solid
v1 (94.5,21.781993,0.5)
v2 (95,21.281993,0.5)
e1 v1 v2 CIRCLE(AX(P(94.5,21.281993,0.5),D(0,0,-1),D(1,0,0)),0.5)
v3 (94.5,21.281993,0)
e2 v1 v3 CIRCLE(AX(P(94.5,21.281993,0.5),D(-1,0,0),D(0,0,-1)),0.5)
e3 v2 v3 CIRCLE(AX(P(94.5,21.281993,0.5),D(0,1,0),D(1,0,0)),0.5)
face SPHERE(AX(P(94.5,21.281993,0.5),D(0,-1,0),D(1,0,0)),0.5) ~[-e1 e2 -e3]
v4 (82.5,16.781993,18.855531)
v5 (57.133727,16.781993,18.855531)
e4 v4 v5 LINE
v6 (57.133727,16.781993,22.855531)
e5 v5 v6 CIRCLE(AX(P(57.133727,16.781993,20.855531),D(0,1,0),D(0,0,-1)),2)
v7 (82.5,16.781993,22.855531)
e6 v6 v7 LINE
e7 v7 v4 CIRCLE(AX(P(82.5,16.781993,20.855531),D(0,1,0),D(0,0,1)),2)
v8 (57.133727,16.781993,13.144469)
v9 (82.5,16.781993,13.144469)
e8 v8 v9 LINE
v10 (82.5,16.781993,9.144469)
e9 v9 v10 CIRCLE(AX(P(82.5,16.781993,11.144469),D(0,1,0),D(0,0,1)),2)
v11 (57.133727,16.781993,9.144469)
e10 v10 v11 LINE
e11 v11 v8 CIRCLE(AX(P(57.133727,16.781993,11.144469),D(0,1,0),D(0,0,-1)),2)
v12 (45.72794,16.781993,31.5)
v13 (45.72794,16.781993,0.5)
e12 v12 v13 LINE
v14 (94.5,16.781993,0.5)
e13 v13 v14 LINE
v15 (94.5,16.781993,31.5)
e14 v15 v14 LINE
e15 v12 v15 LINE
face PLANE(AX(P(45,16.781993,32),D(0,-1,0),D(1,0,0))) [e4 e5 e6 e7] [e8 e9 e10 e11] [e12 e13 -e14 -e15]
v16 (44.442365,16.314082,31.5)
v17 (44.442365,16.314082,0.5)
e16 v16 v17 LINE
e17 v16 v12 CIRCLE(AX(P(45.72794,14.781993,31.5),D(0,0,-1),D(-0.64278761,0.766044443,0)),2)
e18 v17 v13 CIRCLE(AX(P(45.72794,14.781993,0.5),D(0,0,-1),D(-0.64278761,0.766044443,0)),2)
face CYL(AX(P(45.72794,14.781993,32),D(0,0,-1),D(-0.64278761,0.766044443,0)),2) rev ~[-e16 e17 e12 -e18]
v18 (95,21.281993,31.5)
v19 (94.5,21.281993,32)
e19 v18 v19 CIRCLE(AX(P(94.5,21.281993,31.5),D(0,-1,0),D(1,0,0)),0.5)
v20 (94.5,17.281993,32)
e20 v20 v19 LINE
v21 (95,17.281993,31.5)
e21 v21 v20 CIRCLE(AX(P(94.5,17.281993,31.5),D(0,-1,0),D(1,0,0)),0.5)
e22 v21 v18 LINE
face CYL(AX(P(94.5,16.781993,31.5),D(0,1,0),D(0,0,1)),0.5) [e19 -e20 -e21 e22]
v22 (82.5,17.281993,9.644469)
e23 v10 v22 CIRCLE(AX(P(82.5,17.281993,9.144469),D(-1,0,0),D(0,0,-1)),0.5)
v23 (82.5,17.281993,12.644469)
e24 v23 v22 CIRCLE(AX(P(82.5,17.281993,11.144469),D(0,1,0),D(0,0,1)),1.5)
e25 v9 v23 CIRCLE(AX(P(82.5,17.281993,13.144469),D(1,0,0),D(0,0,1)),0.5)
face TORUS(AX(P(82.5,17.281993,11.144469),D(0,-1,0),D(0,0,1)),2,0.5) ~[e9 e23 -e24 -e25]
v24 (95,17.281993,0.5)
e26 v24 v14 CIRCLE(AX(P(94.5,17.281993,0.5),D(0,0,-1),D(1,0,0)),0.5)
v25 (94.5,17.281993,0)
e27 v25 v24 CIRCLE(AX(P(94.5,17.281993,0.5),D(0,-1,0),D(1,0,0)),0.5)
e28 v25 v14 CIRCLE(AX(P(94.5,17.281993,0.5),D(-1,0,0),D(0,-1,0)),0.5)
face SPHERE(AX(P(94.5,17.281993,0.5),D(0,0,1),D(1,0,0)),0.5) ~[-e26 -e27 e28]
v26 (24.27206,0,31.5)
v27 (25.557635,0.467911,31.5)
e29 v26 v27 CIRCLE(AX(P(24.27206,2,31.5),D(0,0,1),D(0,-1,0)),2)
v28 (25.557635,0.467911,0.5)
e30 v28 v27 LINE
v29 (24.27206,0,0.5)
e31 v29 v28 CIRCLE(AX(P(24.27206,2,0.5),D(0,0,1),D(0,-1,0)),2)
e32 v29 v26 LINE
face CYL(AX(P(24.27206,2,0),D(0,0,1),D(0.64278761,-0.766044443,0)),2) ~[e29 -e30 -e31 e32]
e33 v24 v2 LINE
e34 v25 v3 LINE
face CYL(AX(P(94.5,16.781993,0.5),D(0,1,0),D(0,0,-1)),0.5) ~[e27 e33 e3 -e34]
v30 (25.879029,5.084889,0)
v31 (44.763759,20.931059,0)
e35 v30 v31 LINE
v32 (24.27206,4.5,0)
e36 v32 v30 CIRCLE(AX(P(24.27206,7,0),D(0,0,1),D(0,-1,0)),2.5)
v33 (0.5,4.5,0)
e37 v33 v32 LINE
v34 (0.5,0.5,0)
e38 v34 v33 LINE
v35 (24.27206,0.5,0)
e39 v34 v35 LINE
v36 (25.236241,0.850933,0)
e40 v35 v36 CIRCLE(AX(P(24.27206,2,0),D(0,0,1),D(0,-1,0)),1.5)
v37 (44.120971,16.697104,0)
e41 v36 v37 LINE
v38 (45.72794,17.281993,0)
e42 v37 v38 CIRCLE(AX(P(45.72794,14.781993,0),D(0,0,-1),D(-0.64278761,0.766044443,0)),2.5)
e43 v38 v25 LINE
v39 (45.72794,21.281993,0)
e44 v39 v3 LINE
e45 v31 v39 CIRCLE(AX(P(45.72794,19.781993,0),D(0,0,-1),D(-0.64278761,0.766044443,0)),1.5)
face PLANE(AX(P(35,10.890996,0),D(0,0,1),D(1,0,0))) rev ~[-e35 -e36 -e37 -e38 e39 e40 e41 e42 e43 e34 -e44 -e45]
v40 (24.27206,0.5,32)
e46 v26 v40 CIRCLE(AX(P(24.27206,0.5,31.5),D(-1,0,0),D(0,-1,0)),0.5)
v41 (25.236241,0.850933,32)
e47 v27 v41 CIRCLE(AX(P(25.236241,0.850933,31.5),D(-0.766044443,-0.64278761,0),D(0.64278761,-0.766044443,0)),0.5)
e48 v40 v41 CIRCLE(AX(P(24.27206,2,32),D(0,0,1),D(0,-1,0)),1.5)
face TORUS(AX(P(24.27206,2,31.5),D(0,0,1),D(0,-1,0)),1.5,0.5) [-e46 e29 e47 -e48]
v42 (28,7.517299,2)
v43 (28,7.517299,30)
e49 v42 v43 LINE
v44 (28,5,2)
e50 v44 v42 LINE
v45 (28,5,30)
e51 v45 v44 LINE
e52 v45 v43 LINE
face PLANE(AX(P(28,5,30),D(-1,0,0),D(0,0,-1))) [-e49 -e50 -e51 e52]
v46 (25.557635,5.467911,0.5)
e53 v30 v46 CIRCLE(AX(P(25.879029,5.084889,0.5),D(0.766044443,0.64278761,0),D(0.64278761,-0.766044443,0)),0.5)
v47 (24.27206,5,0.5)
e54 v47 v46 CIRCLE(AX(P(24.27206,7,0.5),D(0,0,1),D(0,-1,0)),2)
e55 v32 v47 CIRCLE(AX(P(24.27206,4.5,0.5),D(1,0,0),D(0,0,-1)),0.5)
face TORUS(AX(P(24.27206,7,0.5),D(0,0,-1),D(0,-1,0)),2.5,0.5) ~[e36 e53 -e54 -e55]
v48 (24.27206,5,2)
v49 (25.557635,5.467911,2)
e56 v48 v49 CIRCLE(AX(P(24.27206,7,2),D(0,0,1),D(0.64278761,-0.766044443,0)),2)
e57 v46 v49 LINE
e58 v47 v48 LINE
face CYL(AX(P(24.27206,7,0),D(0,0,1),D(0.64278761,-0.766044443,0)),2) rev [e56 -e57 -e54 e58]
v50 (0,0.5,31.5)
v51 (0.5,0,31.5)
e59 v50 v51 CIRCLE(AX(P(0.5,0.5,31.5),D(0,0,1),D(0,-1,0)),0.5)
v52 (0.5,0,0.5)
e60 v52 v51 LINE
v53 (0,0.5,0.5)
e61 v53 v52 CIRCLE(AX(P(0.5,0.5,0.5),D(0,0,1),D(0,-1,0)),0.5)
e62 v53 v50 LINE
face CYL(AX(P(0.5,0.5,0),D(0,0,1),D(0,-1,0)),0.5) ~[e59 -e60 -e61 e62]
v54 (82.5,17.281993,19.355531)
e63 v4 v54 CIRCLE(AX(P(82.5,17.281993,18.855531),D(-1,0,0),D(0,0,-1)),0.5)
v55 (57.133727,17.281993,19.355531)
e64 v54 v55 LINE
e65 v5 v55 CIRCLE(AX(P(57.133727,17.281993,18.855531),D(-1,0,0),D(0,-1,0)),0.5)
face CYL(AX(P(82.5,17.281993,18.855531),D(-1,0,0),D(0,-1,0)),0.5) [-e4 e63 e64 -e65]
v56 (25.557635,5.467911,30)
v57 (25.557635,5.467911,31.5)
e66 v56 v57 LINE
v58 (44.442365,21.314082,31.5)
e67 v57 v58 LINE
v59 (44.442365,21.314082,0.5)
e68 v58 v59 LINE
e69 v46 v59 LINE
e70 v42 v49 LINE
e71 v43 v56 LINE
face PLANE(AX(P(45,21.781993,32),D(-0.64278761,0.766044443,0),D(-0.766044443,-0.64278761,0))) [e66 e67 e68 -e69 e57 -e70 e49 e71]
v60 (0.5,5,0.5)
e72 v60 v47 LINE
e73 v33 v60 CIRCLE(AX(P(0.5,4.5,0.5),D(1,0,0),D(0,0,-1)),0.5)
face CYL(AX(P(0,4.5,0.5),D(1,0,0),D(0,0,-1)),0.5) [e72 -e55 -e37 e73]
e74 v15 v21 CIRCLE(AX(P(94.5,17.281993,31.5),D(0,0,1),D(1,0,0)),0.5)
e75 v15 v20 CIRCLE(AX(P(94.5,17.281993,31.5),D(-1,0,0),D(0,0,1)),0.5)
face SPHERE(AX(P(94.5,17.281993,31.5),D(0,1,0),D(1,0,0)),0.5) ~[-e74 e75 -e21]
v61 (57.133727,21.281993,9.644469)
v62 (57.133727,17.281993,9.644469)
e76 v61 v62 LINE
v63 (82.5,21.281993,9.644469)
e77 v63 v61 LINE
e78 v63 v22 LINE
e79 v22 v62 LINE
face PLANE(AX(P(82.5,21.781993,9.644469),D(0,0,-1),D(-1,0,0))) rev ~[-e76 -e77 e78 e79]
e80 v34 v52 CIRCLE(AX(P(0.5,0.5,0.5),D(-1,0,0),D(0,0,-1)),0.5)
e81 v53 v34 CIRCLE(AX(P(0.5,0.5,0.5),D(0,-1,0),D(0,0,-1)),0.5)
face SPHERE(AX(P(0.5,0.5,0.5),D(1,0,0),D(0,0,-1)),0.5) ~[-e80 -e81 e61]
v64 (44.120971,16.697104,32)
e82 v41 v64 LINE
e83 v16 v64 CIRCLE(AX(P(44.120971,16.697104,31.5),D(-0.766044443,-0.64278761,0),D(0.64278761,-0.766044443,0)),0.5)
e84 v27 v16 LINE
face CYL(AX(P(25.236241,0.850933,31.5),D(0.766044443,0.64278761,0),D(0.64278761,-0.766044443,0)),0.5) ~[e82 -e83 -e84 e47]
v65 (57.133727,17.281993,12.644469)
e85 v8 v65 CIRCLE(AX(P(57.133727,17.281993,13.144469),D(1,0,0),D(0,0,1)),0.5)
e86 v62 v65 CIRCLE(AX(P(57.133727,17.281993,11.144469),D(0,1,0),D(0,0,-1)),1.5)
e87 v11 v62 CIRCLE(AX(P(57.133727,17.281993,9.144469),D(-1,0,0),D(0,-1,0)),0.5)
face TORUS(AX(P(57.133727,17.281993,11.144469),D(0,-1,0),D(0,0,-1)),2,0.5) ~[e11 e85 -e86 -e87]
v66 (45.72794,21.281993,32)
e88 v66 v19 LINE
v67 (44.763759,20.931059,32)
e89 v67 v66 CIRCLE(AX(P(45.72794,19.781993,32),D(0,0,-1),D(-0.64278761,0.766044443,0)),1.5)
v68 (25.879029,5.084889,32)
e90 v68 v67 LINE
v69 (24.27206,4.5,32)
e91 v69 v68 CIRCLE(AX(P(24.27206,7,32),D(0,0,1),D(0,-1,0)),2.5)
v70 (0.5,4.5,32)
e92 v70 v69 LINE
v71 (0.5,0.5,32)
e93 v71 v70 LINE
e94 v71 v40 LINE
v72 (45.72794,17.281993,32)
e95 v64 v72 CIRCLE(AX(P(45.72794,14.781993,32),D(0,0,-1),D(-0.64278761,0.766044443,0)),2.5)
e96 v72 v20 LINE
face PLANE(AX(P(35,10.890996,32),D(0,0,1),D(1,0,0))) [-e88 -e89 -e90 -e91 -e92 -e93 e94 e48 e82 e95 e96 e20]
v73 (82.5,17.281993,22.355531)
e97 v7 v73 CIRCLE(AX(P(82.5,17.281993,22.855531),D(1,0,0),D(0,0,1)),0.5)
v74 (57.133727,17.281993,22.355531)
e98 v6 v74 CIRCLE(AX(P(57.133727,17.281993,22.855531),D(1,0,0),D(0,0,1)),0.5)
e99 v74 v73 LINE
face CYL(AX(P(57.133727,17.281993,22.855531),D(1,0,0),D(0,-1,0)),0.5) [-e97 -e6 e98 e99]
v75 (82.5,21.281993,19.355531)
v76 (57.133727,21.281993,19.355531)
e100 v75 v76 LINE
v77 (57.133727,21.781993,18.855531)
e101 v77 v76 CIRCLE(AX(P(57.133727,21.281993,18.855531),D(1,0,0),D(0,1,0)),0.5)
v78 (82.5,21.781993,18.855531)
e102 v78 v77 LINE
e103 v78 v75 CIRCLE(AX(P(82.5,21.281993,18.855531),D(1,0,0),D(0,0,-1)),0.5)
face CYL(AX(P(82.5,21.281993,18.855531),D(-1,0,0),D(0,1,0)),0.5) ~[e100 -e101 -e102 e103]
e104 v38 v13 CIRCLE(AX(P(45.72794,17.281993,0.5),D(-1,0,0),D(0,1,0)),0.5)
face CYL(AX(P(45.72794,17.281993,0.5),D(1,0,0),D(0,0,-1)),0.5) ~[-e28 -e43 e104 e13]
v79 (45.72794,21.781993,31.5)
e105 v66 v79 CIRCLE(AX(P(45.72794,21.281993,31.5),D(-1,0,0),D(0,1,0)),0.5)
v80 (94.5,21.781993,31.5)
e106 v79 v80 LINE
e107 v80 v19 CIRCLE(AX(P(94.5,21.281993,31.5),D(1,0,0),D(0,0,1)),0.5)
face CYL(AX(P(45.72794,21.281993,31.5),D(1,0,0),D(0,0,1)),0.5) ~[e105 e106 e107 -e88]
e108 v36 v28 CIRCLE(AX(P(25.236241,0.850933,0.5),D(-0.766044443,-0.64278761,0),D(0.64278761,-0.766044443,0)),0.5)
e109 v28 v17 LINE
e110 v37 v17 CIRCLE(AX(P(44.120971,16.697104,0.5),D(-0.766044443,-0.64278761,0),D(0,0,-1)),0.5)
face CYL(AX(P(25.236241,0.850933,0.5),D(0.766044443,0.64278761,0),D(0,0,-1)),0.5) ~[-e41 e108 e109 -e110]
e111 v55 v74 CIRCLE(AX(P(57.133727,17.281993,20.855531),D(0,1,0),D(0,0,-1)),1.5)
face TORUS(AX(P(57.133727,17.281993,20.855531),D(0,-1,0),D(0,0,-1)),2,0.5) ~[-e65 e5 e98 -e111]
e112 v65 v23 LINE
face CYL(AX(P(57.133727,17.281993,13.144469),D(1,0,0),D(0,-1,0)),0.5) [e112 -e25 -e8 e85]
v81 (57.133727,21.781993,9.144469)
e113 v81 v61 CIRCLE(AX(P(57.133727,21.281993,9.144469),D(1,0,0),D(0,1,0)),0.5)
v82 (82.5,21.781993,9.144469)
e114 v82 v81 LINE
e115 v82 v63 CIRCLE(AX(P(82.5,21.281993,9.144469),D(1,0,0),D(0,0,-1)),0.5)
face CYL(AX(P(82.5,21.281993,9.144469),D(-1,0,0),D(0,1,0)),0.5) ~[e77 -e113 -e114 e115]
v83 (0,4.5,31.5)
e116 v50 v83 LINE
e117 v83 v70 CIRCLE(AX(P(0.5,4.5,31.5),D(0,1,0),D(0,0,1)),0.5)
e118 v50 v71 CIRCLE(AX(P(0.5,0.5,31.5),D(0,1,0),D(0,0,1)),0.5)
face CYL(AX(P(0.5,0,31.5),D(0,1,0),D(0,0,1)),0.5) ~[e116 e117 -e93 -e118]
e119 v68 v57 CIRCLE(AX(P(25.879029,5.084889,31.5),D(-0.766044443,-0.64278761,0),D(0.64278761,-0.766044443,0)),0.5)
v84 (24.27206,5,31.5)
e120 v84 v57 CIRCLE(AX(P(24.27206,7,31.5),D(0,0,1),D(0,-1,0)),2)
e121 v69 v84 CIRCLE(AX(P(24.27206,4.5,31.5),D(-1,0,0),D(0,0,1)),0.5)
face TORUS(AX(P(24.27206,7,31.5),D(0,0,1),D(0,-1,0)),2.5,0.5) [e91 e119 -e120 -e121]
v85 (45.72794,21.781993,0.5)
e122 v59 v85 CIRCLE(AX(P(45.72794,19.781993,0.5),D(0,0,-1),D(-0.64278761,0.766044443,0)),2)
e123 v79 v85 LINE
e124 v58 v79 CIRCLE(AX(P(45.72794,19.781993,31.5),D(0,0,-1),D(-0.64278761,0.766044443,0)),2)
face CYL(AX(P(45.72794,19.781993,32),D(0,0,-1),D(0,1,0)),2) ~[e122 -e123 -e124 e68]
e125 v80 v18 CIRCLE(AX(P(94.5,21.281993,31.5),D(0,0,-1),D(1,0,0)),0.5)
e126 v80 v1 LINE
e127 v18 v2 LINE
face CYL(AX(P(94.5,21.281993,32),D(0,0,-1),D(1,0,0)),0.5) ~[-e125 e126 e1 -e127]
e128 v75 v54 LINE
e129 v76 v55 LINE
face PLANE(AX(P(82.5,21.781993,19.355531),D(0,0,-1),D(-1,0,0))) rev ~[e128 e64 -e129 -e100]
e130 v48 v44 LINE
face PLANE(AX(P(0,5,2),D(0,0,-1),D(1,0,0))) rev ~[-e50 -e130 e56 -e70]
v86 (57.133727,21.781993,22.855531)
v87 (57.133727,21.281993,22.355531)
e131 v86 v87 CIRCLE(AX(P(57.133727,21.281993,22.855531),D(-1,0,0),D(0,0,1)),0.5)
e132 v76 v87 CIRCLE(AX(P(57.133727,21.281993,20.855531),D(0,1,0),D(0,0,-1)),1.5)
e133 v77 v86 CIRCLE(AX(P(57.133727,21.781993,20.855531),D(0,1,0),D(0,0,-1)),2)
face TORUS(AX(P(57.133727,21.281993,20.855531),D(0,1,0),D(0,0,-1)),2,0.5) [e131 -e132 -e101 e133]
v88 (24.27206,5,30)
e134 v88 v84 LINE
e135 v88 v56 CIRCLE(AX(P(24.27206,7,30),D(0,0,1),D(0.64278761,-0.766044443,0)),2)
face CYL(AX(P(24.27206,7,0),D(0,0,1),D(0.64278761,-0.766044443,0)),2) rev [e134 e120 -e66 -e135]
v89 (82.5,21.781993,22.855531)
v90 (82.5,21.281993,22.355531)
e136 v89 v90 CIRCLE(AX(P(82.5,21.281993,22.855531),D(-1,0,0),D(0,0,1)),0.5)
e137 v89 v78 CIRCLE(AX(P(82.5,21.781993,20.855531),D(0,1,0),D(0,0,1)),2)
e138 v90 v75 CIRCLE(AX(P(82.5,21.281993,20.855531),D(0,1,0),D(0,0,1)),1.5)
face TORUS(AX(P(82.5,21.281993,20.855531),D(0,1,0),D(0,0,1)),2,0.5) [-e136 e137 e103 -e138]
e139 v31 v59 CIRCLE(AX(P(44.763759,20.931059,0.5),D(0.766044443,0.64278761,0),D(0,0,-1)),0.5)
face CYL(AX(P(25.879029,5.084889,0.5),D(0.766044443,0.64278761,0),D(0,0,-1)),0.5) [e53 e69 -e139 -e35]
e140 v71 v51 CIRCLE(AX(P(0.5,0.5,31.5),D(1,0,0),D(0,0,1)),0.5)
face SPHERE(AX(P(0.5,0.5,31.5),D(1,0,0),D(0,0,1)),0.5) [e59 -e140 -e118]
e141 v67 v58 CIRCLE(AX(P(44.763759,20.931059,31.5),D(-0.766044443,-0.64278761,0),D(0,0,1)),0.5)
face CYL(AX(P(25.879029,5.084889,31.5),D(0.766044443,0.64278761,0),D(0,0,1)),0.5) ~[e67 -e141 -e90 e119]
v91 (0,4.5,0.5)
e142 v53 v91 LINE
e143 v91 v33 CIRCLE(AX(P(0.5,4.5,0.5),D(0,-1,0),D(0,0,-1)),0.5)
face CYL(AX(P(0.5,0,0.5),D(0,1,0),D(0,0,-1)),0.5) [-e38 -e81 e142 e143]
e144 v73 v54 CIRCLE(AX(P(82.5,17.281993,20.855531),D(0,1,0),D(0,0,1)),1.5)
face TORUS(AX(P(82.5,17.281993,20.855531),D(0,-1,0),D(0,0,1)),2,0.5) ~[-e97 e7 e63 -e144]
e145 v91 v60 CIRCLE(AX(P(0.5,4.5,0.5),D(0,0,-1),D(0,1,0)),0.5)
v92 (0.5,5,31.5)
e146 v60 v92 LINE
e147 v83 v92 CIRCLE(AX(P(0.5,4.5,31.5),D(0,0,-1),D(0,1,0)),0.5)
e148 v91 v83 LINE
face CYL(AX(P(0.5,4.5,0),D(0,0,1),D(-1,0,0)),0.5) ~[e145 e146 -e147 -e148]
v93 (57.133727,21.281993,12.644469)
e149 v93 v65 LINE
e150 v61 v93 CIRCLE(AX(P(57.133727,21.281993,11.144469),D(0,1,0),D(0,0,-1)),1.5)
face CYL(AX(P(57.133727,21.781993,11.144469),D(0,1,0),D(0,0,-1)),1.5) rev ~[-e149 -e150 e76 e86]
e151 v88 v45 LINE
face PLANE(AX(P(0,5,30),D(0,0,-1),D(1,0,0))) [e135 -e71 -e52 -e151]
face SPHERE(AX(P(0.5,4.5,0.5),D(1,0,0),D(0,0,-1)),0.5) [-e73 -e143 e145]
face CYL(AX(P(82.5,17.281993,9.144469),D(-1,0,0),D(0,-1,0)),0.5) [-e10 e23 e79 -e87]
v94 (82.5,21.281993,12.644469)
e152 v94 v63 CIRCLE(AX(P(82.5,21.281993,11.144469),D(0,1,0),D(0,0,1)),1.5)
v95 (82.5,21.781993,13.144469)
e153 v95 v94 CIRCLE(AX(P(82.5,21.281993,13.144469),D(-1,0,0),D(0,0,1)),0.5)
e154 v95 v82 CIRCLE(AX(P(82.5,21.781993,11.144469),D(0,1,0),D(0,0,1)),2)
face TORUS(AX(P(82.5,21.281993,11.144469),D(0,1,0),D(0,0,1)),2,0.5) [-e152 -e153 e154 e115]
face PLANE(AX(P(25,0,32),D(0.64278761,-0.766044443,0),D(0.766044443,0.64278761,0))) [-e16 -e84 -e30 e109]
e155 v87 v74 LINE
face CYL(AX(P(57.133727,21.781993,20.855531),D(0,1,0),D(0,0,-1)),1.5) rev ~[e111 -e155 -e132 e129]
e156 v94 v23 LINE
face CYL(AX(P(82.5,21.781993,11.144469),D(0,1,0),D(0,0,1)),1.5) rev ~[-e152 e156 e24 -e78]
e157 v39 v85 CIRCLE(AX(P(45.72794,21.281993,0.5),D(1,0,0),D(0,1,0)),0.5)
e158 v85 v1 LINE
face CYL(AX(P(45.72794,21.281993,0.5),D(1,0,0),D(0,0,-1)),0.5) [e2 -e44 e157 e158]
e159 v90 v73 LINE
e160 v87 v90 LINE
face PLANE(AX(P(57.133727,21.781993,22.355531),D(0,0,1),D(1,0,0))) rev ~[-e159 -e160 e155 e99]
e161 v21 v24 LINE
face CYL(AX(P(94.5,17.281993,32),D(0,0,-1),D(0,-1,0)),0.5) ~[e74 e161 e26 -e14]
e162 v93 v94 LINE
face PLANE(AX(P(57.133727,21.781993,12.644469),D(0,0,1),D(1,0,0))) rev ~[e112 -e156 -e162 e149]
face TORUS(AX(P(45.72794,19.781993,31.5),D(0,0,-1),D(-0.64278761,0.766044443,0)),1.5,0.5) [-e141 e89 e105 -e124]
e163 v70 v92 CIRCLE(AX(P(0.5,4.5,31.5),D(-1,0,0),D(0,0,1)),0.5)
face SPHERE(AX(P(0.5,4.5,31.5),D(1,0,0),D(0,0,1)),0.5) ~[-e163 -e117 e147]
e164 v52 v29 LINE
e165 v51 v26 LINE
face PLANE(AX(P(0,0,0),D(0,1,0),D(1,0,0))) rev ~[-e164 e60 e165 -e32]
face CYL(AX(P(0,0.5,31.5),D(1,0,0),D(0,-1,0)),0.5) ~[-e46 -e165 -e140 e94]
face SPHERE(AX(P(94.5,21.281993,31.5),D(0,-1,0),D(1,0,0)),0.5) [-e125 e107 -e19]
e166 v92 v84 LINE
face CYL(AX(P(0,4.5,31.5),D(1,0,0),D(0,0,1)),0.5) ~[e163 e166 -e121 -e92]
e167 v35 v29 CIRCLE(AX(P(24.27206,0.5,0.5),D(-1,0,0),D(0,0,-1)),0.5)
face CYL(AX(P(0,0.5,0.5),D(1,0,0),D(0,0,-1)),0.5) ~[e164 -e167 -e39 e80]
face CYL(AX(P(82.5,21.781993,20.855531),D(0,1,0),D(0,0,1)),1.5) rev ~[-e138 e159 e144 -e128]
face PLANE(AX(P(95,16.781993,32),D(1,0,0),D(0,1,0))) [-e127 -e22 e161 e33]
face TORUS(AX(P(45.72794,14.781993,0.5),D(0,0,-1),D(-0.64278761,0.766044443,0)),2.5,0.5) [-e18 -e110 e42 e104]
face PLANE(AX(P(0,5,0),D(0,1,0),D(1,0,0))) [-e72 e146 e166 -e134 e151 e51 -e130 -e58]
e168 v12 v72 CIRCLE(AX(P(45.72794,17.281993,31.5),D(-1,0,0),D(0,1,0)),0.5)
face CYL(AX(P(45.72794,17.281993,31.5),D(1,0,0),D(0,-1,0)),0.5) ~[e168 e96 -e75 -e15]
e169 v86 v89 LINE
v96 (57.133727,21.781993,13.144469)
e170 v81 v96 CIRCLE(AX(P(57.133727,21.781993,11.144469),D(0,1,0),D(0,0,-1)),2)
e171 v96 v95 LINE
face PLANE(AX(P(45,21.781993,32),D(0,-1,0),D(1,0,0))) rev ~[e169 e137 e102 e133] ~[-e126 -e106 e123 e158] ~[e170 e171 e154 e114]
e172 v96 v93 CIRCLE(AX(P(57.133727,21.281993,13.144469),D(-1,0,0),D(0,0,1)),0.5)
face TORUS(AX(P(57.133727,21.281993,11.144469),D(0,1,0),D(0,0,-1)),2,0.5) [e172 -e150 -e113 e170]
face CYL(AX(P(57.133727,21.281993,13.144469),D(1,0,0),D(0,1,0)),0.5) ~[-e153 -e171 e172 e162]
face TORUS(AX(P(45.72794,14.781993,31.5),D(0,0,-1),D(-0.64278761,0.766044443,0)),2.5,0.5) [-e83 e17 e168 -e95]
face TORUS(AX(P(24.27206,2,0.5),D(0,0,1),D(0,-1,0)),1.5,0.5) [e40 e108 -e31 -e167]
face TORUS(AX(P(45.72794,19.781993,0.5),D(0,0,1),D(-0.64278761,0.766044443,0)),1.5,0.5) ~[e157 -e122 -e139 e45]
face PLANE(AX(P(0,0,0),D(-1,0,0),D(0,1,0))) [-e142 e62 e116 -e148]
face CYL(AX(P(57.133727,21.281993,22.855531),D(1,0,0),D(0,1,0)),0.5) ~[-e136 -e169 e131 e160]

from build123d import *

# Parameters (mm, degrees)
SKETCH_1_W          = 25
SKETCH_1_H          = 5
EXTRUDE_1_DEPTH     = 32
SKETCH_2_W          = 50
SKETCH_2_H          = 5
EXTRUDE_2_DEPTH     = 32
FILLET_1_R          = 2
CUT_EXTRUDE_1_DEPTH = 10
FILLET_2_R          = 0.5
SKETCH_4_W          = 28
SKETCH_4_H          = 28
CUT_EXTRUDE_2_DEPTH = 10


with BuildPart() as part:
    # 草图1 → 凸台-拉伸1 (new body)
    with BuildSketch(Plane.XY):
        with Locations((12.5, 2.5)):
            Rectangle(SKETCH_1_W, SKETCH_1_H)
    extrude(amount=EXTRUDE_1_DEPTH)

    # 草图2 → 凸台-拉伸2 (add)
    with BuildSketch(Plane.XY.offset(32)):
        Polygon((25, 0), (45, 16.781992624), (45, 21.781992624), (25, 5), align=None)
        with Locations((70, 19.281992624)):
            Rectangle(SKETCH_2_W, SKETCH_2_H)
    extrude(amount=-EXTRUDE_2_DEPTH)

    # 圆角1
    fillet_1_edges = [part.edges().sort_by_distance(p)[0] for p in [
        (45, 21.781992624, 16),
        (45, 16.781992624, 16),
        (25, 5, 16),
        (25, 0, 16),
    ]]
    fillet(fillet_1_edges, radius=FILLET_1_R)

    # 草图3 → 切除-拉伸1 (cut)
    with BuildSketch(Plane(origin=(152.063701671, 21.781992624, 93.124397085), x_dir=(0, 0, -1), z_dir=(0, 1, 0))):
        with BuildLine():
            Line((70.768866217, 94.92997475), (70.768866217, 69.563701671))
            ThreePointArc((70.768866217, 69.563701671), (72.268866217, 68.063701671), (73.768866217, 69.563701671))
            Line((73.768866217, 69.563701671), (73.768866217, 94.92997475))
            ThreePointArc((73.768866217, 94.92997475), (72.268866217, 96.42997475), (70.768866217, 94.92997475))
        make_face()
        with BuildLine():
            Line((83.479927953, 69.563701671), (83.479927953, 94.92997475))
            ThreePointArc((83.479927953, 94.92997475), (81.979927953, 96.42997475), (80.479927953, 94.92997475))
            Line((80.479927953, 94.92997475), (80.479927953, 69.563701671))
            ThreePointArc((80.479927953, 69.563701671), (81.979927953, 68.063701671), (83.479927953, 69.563701671))
        make_face()
    extrude(amount=-CUT_EXTRUDE_1_DEPTH, mode=Mode.SUBTRACT)

    # 圆角2
    fillet_2_edges = [part.edges().sort_by_distance(p)[0] for p in [
        (95, 19.281992624, 32),
        (95, 16.781992624, 16),
        (95, 19.281992624, 0),
        (95, 21.781992624, 16),
        (70.363970234, 21.781992624, 0),
        (70.363970234, 21.781992624, 32),
        (35, 8.390996312, 32),
        (70.363970234, 16.781992624, 32),
        (35, 13.390996312, 32),
        (12.136029766, 5, 32),
        (24.956099818, 0.120614758, 32),
        (45.043900182, 21.661377865, 32),
        (35, 13.390996312, 0),
        (12.136029766, 5, 0),
        (70.363970234, 16.781992624, 0),
        (35, 8.390996312, 0),
        (24.956099818, 0.120614758, 0),
        (45.043900182, 21.661377865, 0),
        (0, 2.5, 32),
        (24.956099818, 5.120614758, 0),
        (24.956099818, 5.120614758, 32),
        (45.043900182, 16.661377865, 32),
        (45.043900182, 16.661377865, 0),
        (12.136029766, 0, 0),
        (0, 2.5, 0),
        (84, 16.781992624, 20.855530868),
        (69.81686346, 16.781992624, 22.355530868),
        (55.633726921, 16.781992624, 20.855530868),
        (69.81686346, 16.781992624, 19.355530868),
        (84, 21.781992624, 20.855530868),
        (69.81686346, 21.781992624, 19.355530868),
        (55.633726921, 21.781992624, 20.855530868),
        (69.81686346, 21.781992624, 22.355530868),
        (12.136029766, 0, 32),
        (84, 16.781992624, 11.144469132),
        (69.81686346, 16.781992624, 12.644469132),
        (55.633726921, 16.781992624, 11.144469132),
        (0, 5, 16),
        (69.81686346, 16.781992624, 9.644469132),
        (84, 21.781992624, 11.144469132),
        (69.81686346, 21.781992624, 9.644469132),
        (55.633726921, 21.781992624, 11.144469132),
        (69.81686346, 21.781992624, 12.644469132),
        (0, 0, 16),
    ]]
    fillet(fillet_2_edges, radius=FILLET_2_R)

    # 草图4 → 切除-拉伸2 (cut)
    with BuildSketch(Plane(origin=(0, 5, 0), x_dir=(1, 0, 0), z_dir=(0, 1, 0))):
        with Locations((14, -16)):
            Rectangle(SKETCH_4_W, SKETCH_4_H)
    extrude(amount=CUT_EXTRUDE_2_DEPTH, mode=Mode.SUBTRACT)


solid = part.part
